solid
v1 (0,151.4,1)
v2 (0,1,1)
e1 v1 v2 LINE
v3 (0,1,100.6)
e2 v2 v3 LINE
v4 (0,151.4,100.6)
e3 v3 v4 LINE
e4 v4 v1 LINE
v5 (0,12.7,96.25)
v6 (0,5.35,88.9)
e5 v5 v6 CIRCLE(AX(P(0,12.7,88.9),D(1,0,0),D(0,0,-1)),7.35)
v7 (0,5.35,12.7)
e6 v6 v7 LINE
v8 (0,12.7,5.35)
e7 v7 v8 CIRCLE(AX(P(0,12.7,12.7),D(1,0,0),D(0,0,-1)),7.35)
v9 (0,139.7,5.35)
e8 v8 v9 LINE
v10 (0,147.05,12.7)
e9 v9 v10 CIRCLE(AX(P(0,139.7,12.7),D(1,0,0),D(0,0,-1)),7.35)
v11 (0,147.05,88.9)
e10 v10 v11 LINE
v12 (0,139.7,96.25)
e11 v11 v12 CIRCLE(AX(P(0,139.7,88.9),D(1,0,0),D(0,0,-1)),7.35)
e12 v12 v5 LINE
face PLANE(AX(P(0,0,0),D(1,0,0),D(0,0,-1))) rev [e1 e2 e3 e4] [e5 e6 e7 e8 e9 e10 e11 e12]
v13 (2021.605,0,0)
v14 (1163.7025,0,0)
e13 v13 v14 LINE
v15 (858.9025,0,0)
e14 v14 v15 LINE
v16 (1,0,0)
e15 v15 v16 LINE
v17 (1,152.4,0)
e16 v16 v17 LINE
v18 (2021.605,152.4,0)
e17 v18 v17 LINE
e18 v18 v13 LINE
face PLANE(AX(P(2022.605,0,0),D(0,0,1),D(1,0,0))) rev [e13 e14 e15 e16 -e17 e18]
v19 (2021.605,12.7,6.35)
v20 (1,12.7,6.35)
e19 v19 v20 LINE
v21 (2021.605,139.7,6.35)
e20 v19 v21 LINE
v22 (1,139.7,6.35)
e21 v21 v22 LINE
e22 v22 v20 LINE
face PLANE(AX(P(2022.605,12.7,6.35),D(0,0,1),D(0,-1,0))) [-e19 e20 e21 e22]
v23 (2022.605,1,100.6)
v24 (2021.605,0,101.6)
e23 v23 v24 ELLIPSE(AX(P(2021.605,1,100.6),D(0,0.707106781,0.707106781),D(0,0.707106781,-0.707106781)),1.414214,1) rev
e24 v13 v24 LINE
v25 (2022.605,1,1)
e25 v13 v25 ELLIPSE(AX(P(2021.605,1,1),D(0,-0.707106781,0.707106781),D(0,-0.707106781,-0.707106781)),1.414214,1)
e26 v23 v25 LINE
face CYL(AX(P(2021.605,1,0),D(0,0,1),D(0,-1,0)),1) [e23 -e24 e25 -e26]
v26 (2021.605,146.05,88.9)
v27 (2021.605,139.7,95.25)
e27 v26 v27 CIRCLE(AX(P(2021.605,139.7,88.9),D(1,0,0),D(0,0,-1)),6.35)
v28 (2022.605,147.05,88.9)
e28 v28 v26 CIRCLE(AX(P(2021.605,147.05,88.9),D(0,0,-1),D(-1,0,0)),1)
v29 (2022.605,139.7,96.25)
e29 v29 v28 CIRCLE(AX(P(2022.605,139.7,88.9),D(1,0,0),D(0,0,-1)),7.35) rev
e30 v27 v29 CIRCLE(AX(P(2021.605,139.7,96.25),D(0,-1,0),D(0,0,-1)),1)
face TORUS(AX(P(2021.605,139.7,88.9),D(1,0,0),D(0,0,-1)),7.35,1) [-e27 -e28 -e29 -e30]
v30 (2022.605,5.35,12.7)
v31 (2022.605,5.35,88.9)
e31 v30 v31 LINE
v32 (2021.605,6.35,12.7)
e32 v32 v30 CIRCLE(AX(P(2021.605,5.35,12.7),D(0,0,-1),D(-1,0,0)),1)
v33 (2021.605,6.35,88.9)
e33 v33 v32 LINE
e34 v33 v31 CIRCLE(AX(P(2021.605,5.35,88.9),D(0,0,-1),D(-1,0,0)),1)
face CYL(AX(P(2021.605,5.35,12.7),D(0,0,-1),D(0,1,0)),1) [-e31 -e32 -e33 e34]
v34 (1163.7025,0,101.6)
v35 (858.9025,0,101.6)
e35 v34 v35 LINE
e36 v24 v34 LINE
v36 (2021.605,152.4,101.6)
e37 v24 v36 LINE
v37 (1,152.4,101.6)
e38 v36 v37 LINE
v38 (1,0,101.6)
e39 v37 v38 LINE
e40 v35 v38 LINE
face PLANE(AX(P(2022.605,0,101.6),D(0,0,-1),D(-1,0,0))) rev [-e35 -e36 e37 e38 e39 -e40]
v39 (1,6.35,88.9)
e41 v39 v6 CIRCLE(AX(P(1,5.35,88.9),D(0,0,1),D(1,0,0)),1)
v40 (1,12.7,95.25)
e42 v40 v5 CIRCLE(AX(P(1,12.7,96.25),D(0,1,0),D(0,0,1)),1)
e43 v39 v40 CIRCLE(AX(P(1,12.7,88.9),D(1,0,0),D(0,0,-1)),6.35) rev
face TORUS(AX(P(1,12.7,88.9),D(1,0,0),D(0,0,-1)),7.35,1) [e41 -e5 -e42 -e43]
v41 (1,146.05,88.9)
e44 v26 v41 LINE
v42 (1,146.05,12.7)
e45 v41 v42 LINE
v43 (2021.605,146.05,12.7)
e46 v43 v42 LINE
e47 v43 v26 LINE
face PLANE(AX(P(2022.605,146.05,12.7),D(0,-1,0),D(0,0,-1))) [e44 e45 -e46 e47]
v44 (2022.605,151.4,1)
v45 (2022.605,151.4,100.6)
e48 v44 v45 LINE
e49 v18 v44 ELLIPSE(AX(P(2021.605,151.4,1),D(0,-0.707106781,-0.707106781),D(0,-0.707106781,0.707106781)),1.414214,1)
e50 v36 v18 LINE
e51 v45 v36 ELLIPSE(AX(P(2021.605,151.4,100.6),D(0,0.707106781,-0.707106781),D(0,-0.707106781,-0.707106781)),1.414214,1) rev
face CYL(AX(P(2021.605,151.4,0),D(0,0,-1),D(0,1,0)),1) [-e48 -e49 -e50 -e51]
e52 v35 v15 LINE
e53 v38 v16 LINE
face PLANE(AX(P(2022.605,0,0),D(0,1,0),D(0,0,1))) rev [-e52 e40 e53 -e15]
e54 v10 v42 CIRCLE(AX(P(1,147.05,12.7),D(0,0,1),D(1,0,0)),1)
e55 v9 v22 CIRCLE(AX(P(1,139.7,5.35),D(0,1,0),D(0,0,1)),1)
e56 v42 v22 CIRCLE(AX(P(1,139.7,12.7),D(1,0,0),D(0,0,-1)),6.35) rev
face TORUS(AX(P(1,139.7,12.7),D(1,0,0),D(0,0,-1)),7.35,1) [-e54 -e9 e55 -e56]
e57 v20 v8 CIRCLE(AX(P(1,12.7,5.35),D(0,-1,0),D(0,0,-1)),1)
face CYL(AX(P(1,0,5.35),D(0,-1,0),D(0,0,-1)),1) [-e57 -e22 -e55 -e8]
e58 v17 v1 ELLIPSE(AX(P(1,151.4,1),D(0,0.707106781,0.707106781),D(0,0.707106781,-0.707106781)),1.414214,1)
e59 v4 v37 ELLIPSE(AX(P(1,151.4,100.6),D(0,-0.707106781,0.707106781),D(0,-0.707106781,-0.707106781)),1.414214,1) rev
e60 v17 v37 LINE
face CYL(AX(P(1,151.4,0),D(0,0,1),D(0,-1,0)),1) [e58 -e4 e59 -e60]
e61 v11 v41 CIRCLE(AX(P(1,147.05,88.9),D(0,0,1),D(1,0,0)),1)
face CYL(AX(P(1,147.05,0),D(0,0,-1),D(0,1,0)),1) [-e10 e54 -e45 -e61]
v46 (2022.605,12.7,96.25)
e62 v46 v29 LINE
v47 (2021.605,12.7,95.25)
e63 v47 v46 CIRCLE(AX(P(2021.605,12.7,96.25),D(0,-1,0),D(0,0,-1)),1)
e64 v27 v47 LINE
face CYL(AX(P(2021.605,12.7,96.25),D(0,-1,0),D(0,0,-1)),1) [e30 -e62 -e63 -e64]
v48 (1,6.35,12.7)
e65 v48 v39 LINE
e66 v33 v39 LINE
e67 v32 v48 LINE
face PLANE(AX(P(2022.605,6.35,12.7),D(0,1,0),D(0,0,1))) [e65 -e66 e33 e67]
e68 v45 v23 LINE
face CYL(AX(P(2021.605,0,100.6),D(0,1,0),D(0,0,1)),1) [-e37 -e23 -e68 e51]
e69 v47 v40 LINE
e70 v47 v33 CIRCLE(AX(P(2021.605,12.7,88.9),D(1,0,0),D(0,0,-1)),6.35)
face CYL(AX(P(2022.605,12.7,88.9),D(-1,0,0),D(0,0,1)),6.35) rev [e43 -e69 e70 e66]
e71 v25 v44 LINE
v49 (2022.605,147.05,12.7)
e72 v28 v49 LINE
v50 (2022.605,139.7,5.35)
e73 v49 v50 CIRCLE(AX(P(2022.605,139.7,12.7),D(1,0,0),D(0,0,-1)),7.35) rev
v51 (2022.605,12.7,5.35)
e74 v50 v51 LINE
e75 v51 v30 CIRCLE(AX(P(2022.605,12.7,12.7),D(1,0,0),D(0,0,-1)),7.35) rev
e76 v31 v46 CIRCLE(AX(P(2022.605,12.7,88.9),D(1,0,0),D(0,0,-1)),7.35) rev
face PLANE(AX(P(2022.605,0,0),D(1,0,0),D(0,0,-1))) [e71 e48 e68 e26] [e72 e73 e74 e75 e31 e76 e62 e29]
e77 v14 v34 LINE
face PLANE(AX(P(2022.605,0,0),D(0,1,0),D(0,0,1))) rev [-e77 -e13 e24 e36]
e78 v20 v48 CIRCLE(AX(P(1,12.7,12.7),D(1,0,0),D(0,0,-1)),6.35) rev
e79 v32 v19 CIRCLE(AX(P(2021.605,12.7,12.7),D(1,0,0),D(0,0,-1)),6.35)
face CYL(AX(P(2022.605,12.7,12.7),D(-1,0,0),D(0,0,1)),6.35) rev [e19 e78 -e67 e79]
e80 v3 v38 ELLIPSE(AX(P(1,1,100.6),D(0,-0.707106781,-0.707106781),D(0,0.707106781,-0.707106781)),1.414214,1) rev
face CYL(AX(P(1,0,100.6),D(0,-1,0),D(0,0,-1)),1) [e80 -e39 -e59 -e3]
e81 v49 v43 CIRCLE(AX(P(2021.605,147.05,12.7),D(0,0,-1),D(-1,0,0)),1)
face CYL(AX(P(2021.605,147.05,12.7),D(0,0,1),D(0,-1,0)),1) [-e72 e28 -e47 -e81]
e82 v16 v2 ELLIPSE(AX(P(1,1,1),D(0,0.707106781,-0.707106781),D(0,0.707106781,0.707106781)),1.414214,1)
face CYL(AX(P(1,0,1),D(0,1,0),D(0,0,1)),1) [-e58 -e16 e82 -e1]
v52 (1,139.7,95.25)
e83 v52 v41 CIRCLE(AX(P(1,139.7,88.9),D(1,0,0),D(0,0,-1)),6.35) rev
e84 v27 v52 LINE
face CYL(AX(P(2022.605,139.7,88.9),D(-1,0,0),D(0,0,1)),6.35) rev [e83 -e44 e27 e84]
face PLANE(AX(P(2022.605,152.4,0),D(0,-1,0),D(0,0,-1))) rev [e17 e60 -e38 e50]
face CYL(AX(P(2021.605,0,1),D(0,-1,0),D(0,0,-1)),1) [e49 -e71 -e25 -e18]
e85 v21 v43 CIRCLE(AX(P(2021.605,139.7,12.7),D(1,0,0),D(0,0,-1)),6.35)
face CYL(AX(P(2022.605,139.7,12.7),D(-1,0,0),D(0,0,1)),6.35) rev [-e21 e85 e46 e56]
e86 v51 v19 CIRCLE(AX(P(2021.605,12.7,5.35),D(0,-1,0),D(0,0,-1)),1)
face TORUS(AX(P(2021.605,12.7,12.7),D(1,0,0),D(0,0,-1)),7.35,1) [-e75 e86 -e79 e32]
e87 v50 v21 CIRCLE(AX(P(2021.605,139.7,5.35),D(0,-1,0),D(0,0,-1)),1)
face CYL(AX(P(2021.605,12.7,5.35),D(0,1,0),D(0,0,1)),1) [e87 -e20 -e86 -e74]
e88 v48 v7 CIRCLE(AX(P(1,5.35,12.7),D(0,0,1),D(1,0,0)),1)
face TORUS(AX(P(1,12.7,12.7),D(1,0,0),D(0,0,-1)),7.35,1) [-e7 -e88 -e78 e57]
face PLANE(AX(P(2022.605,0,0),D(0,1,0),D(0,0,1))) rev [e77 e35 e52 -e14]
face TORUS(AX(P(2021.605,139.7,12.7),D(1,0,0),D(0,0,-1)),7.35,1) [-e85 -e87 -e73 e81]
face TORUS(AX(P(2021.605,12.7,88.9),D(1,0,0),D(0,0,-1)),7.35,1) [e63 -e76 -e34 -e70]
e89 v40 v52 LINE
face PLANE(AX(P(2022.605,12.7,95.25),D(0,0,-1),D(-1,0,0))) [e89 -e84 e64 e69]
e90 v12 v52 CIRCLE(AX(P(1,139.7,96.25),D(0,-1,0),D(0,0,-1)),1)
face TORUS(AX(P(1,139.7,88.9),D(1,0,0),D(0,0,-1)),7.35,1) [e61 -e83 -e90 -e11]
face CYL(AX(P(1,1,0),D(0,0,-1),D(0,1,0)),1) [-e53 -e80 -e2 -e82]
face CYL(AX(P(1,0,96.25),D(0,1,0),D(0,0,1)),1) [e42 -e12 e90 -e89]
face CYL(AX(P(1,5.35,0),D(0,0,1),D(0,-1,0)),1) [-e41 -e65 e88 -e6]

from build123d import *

# Parameters (mm, degrees)
SKETCH1_W           = 101.6
SKETCH1_H           = 152.4
BOSS_EXTRUDE1_DEPTH = 2022.60499974
FILLET1_R           = 1


with BuildPart() as part:
    # Sketch1 → Boss-Extrude1 (new body)
    with BuildSketch(Plane(origin=(0, 0, 0), x_dir=(0, 0, -1), z_dir=(1, 0, 0))):
        with Locations((-50.8, 76.2)):
            Rectangle(SKETCH1_W, SKETCH1_H)
        with BuildLine():
            Line((-95.25, 12.7), (-95.25, 139.7))
            ThreePointArc((-95.25, 139.7), (-93.390128061, 144.190128061), (-88.9, 146.05))
            Line((-88.9, 146.05), (-12.7, 146.05))
            ThreePointArc((-12.7, 146.05), (-8.209871939, 144.190128061), (-6.35, 139.7))
            Line((-6.35, 139.7), (-6.35, 12.7))
            ThreePointArc((-6.35, 12.7), (-8.209871939, 8.209871939), (-12.7, 6.35))
            Line((-12.7, 6.35), (-88.9, 6.35))
            ThreePointArc((-88.9, 6.35), (-93.390128061, 8.209871939), (-95.25, 12.7))
        make_face(mode=Mode.SUBTRACT)
    extrude(amount=BOSS_EXTRUDE1_DEPTH)

    # Fillet1
    fillet1_edges = [part.edges().sort_by_distance(p)[0] for p in [
        (2022.60499974, 76.2, 101.6),
        (2022.60499974, 0, 50.8),
        (0, 8.209871939, 93.390128061),
        (0, 6.35, 50.8),
        (0, 8.209871939, 8.209871939),
        (0, 76.2, 6.35),
        (0, 144.190128061, 8.209871939),
        (0, 146.05, 50.8),
        (0, 144.190128061, 93.390128061),
        (0, 76.2, 95.25),
        (2022.60499974, 8.209871939, 93.390128061),
        (2022.60499974, 6.35, 50.8),
        (2022.60499974, 8.209871939, 8.209871939),
        (2022.60499974, 76.2, 6.35),
        (2022.60499974, 144.190128061, 8.209871939),
        (2022.60499974, 146.05, 50.8),
        (2022.60499974, 144.190128061, 93.390128061),
        (2022.60499974, 76.2, 95.25),
        (2022.60499974, 76.2, 0),
        (0, 0, 50.8),
        (0, 76.2, 101.6),
        (0, 152.4, 50.8),
        (0, 76.2, 0),
        (2022.60499974, 152.4, 50.8),
    ]]
    fillet(fillet1_edges, radius=FILLET1_R)


solid = part.part
